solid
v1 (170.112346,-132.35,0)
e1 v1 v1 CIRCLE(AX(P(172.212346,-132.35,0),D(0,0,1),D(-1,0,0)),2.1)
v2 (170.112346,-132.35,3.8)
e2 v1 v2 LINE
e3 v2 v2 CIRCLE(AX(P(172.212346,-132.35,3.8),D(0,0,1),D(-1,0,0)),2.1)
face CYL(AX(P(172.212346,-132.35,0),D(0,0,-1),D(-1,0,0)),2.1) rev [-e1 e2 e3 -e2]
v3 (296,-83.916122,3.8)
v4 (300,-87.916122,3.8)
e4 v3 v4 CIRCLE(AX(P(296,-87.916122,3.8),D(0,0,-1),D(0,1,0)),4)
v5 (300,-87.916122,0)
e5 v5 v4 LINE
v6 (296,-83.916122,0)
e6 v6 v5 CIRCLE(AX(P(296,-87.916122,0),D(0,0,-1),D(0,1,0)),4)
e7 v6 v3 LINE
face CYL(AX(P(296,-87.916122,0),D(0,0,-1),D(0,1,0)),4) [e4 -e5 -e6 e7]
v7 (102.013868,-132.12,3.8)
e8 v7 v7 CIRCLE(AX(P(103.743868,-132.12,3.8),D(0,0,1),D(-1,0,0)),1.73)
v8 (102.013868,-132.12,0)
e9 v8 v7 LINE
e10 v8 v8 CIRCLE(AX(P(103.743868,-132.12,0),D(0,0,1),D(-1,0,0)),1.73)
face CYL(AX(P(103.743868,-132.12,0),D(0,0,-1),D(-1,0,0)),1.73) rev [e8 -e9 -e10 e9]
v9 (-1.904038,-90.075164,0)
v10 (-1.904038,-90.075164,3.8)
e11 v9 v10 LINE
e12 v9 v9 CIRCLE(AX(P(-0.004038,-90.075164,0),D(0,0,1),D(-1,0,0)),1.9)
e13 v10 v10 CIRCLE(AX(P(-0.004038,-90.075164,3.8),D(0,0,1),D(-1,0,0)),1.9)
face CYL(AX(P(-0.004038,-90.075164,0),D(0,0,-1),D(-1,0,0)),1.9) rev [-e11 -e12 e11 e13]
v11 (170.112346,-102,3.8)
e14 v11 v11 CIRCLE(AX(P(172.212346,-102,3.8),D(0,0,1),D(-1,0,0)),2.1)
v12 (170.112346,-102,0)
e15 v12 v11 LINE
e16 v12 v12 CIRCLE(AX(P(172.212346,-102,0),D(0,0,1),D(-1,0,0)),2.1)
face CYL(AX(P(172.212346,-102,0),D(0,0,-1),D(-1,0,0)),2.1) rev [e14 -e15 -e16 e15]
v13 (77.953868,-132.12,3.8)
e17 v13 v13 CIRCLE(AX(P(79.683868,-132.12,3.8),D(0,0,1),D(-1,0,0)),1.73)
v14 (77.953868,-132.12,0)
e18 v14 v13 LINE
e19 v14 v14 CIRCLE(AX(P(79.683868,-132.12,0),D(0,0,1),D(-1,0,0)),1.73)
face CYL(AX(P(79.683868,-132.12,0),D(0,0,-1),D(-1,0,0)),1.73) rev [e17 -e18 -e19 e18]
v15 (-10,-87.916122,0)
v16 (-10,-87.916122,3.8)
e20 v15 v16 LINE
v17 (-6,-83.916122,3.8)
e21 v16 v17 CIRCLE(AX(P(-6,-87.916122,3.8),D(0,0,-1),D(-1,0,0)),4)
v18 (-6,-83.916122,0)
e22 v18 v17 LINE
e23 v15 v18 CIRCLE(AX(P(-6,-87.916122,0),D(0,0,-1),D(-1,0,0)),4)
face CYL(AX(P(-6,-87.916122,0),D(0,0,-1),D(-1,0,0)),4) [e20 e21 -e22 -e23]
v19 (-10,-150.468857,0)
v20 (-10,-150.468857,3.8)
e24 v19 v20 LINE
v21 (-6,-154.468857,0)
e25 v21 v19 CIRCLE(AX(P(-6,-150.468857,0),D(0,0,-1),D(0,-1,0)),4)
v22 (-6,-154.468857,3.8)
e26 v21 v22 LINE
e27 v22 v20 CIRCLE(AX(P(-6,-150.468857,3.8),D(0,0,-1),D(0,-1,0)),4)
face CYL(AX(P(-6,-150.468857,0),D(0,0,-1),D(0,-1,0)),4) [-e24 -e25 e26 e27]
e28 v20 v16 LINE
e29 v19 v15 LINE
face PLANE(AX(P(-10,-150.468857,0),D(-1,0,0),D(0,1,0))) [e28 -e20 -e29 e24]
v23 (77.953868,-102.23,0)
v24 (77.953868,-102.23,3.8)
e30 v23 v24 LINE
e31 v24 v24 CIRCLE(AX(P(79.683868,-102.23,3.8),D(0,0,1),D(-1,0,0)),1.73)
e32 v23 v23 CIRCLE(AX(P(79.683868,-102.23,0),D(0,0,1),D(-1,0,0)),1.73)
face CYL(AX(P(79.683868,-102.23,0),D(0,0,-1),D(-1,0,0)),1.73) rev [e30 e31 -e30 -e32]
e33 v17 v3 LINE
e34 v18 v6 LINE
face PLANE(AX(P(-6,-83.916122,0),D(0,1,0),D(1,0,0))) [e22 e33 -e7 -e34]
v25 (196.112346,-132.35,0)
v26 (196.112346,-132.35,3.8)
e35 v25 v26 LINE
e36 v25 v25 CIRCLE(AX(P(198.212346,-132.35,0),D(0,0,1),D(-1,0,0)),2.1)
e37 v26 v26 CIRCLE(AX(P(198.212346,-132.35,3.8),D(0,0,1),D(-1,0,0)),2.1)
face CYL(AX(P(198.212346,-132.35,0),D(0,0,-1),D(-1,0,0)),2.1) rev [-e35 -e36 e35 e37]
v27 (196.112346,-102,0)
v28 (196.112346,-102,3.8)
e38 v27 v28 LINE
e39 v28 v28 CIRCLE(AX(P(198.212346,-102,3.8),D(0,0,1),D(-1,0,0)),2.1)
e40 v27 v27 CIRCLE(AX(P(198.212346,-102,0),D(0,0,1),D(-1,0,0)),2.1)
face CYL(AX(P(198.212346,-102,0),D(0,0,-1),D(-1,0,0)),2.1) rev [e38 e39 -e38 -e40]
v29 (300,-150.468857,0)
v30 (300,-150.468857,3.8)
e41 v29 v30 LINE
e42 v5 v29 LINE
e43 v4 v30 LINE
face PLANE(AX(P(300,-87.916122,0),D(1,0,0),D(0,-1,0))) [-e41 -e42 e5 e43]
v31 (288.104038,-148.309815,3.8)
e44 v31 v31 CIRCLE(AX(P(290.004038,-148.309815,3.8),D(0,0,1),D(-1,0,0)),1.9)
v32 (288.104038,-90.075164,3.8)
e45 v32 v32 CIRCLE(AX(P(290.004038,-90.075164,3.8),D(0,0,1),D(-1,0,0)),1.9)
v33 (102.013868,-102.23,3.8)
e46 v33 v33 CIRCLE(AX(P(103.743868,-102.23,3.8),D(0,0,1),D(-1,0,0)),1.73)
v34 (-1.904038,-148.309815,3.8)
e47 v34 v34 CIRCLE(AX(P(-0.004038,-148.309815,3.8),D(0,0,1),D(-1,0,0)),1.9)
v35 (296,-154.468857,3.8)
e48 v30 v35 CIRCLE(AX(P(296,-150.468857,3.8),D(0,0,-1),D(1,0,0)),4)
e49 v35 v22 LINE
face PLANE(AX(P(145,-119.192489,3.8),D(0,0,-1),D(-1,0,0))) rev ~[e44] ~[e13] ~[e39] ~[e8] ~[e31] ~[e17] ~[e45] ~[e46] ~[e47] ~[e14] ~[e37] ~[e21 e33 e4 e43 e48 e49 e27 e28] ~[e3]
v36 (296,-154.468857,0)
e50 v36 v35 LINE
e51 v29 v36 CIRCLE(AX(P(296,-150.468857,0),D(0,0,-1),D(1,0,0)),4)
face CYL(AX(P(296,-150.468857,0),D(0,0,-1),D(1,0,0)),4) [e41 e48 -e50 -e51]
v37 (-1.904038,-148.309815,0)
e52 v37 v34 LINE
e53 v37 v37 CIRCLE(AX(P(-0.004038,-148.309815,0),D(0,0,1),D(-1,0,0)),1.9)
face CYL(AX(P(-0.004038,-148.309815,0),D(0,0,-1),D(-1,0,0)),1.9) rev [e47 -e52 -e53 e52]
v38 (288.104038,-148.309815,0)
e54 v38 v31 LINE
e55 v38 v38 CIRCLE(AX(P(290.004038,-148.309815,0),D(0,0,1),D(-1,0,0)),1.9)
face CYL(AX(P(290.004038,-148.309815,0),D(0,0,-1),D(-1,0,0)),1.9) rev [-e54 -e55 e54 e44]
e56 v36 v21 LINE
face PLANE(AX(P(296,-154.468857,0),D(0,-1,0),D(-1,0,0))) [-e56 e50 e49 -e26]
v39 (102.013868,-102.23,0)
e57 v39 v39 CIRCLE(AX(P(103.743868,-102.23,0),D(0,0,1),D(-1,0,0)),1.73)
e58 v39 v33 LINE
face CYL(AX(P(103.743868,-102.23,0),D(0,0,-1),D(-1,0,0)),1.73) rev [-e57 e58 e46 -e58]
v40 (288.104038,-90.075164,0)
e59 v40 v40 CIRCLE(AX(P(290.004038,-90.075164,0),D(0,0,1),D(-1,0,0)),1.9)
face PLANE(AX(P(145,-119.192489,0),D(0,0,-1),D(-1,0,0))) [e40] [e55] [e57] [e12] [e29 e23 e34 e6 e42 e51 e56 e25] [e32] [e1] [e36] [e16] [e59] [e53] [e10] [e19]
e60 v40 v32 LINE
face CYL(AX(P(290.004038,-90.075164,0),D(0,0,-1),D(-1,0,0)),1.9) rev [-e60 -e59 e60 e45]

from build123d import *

# Parameters (mm, degrees)
SKETCH1_R           = 2.1
SKETCH1_R_2         = 1.9
SKETCH1_R_3         = 1.73
BOSS_EXTRUDE1_DEPTH = 3.8


with BuildPart() as part:
    # Sketch1 → Boss-Extrude1 (new body)
    with BuildSketch(Plane.XY):
        with BuildLine():
            Line((-10, -150.468857407), (-10, -87.916121505))
            ThreePointArc((-10, -87.916121505), (-8.828427125, -85.08769438), (-6, -83.916121505))
            Line((-6, -83.916121505), (296, -83.916121505))
            ThreePointArc((296, -83.916121505), (298.828427125, -85.08769438), (300, -87.916121505))
            Line((300, -87.916121505), (300, -150.468857407))
            ThreePointArc((300, -150.468857407), (298.828427125, -153.297284532), (296, -154.468857407))
            Line((296, -154.468857407), (-6, -154.468857407))
            ThreePointArc((-6, -154.468857407), (-8.828427125, -153.297284532), (-10, -150.468857407))
        make_face()
        with Locations(Location((172.212346295, -102, 0), (0, 0, 180))):
            Circle(SKETCH1_R, mode=Mode.SUBTRACT)
        with Locations(Location((290.004037955, -90.075164194, 0), (0, 0, 180))):
            Circle(SKETCH1_R_2, mode=Mode.SUBTRACT)
        with Locations(Location((290.004037955, -148.309814719, 0), (0, 0, 180))):
            Circle(SKETCH1_R_2, mode=Mode.SUBTRACT)
        with Locations(Location((-0.004037955, -148.309814719, 0), (0, 0, 180))):
            Circle(SKETCH1_R_2, mode=Mode.SUBTRACT)
        with Locations(Location((-0.004037955, -90.075164194, 0), (0, 0, 180))):
            Circle(SKETCH1_R_2, mode=Mode.SUBTRACT)
        with Locations(Location((198.212346295, -102, 0), (0, 0, 180))):
            Circle(SKETCH1_R, mode=Mode.SUBTRACT)
        with Locations(Location((172.212346295, -132.35, 0), (0, 0, 180))):
            Circle(SKETCH1_R, mode=Mode.SUBTRACT)
        with Locations(Location((198.212346295, -132.35, 0), (0, 0, 180))):
            Circle(SKETCH1_R, mode=Mode.SUBTRACT)
        with Locations(Location((79.683867595, -132.12, 0), (0, 0, 180))):
            Circle(SKETCH1_R_3, mode=Mode.SUBTRACT)
        with Locations(Location((79.683867595, -102.23, 0), (0, 0, 180))):
            Circle(SKETCH1_R_3, mode=Mode.SUBTRACT)
        with Locations(Location((103.743867595, -102.23, 0), (0, 0, 180))):
            Circle(SKETCH1_R_3, mode=Mode.SUBTRACT)
        with Locations(Location((103.743867595, -132.12, 0), (0, 0, 180))):
            Circle(SKETCH1_R_3, mode=Mode.SUBTRACT)
    extrude(amount=BOSS_EXTRUDE1_DEPTH)


solid = part.part
